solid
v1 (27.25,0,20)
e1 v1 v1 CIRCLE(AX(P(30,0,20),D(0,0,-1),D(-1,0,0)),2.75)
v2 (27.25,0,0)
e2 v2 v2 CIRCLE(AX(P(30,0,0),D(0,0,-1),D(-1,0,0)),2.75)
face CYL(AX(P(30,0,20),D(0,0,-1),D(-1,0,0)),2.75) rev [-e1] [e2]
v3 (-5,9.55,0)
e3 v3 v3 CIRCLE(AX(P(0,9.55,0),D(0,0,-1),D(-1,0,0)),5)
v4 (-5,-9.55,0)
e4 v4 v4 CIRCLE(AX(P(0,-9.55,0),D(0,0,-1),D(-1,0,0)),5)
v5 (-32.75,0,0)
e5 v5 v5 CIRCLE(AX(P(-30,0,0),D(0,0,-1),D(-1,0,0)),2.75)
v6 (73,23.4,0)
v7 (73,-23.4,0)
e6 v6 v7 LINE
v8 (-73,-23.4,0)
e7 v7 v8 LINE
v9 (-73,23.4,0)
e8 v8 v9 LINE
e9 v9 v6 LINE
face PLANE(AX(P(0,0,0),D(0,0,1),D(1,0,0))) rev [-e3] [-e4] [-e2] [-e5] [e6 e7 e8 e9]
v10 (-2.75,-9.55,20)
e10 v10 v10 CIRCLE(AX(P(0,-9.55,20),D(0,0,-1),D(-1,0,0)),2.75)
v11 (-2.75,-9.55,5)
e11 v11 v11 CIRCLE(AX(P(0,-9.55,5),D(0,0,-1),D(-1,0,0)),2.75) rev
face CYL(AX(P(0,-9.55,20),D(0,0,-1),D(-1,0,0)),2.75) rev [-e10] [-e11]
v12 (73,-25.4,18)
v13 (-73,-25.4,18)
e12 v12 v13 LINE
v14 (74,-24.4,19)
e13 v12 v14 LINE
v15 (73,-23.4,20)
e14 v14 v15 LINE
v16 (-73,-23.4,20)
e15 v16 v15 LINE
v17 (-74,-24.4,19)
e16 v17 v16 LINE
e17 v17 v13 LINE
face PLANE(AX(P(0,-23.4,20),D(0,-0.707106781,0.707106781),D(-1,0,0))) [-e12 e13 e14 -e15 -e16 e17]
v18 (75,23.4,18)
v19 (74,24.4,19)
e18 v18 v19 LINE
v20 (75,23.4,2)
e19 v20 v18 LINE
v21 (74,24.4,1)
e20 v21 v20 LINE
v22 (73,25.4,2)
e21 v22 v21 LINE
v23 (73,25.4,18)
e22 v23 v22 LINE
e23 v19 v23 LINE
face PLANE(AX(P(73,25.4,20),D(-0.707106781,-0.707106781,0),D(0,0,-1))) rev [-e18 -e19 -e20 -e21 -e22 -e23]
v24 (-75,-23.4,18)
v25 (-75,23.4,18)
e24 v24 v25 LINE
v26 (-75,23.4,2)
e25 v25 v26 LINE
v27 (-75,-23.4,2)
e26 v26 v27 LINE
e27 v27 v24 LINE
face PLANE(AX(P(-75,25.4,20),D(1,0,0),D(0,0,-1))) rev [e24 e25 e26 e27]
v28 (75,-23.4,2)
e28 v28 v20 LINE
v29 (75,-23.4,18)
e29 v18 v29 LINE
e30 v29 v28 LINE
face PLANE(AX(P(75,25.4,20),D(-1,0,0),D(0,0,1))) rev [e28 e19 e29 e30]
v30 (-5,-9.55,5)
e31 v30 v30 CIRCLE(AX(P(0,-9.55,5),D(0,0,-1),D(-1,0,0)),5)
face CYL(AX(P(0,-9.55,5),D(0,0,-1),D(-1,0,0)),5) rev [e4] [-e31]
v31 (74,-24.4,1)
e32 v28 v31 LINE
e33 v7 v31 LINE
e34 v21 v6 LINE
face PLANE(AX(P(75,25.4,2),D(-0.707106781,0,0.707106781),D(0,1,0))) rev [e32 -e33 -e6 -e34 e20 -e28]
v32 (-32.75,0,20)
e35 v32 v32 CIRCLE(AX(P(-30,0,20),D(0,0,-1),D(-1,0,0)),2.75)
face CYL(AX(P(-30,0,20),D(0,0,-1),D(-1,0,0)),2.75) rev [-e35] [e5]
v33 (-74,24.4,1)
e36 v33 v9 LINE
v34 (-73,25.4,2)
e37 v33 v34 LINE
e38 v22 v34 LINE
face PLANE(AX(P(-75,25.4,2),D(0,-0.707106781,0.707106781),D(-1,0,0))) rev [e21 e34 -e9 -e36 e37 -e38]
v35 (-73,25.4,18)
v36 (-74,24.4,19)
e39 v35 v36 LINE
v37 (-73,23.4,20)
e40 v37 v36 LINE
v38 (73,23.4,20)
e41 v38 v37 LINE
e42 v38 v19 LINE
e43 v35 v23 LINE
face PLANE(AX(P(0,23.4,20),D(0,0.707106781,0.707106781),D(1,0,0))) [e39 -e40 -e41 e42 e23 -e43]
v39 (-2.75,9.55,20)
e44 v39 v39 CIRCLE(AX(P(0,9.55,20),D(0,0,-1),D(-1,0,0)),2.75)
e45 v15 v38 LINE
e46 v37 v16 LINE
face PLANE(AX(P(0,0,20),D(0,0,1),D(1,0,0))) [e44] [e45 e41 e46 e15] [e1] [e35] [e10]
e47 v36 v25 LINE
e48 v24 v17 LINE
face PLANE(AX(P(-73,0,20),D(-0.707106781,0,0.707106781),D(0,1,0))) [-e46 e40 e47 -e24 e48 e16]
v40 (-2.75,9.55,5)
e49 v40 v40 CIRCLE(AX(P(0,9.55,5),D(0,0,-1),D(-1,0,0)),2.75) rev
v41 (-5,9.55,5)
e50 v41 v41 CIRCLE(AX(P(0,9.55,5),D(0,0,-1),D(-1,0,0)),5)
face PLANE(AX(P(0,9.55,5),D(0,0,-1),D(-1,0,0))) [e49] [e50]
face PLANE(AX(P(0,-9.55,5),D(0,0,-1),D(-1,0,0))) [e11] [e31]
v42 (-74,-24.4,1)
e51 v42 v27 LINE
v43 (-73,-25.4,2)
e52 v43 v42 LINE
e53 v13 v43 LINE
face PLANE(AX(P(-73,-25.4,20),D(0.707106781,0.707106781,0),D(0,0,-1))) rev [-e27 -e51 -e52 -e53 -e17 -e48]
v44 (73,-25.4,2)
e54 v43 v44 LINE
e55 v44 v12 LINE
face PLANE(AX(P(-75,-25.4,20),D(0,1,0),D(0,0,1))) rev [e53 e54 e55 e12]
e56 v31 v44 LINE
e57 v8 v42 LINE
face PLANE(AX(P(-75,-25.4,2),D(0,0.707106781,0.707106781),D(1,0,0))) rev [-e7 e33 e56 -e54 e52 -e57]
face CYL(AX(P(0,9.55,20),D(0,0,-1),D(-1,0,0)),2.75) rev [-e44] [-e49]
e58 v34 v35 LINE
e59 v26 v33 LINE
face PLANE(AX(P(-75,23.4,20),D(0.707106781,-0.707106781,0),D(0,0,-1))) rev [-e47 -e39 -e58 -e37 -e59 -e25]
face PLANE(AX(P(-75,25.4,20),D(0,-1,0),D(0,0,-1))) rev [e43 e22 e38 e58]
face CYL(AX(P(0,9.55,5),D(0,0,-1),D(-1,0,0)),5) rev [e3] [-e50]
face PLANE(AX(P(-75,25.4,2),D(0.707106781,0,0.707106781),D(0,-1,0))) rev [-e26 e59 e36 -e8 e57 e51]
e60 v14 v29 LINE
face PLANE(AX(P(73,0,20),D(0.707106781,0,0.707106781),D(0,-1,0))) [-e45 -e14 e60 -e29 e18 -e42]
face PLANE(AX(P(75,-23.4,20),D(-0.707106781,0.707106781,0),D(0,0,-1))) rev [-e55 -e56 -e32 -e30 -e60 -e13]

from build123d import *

# Parameters (mm, degrees)
CROQUIS1_W              = 150
CROQUIS1_H              = 50.8
SALIENTE_EXTRUIR1_DEPTH = 20
CROQUIS2_R              = 2.75
CORTAR_EXTRUIR1_DEPTH   = 21
CROQUIS3_R              = 5
CORTAR_EXTRUIR2_DEPTH   = 5
CHAFL_N1_SIZE           = 2
CHAFL_N2_SIZE           = 2
CHAFL_N3_SIZE           = 2


with BuildPart() as part:
    # Croquis1 → Saliente-Extruir1 (new body)
    with BuildSketch(Plane.XY):
        Rectangle(CROQUIS1_W, CROQUIS1_H)
    extrude(amount=SALIENTE_EXTRUIR1_DEPTH)

    # Croquis2 → Cortar-Extruir1 (cut, through all)
    with BuildSketch(Plane(origin=(0, 0, 0), x_dir=(-1, 0, 0), z_dir=(0, 0, -1))):
        with Locations((0, 9.55)):
            Circle(CROQUIS2_R)
        with Locations((0, -9.55)):
            Circle(CROQUIS2_R)
        with Locations((30, 0)):
            Circle(CROQUIS2_R)
        with Locations((-30, 0)):
            Circle(CROQUIS2_R)
    extrude(amount=-CORTAR_EXTRUIR1_DEPTH, mode=Mode.SUBTRACT)

    # Croquis3 → Cortar-Extruir2 (cut)
    with BuildSketch(Plane(origin=(0, 0, 0), x_dir=(-1, 0, 0), z_dir=(0, 0, -1))):
        with Locations((0, 9.55)):
            Circle(CROQUIS3_R)
        with Locations((0, -9.55)):
            Circle(CROQUIS3_R)
    extrude(amount=-CORTAR_EXTRUIR2_DEPTH, mode=Mode.SUBTRACT)

    # Chaflán1
    chafl_n1_edges = [part.edges().sort_by_distance(p)[0] for p in [
        (0, -25.4, 0),
        (-75, 0, 0),
        (0, 25.4, 0),
        (75, 0, 0),
    ]]
    chamfer(chafl_n1_edges, length=CHAFL_N1_SIZE)

    # Chaflán2
    chafl_n2_edges = [part.edges().sort_by_distance(p)[0] for p in [
        (-75, 0, 20),
        (0, -25.4, 20),
        (75, 0, 20),
        (0, 25.4, 20),
    ]]
    chamfer(chafl_n2_edges, length=CHAFL_N2_SIZE)

    # Chaflán3
    chafl_n3_edges = [part.edges().sort_by_distance(p)[0] for p in [
        (-75, 25.4, 10),
        (-75, -25.4, 10),
        (75, 25.4, 10),
        (75, -25.4, 10),
    ]]
    chamfer(chafl_n3_edges, length=CHAFL_N3_SIZE)


solid = part.part
